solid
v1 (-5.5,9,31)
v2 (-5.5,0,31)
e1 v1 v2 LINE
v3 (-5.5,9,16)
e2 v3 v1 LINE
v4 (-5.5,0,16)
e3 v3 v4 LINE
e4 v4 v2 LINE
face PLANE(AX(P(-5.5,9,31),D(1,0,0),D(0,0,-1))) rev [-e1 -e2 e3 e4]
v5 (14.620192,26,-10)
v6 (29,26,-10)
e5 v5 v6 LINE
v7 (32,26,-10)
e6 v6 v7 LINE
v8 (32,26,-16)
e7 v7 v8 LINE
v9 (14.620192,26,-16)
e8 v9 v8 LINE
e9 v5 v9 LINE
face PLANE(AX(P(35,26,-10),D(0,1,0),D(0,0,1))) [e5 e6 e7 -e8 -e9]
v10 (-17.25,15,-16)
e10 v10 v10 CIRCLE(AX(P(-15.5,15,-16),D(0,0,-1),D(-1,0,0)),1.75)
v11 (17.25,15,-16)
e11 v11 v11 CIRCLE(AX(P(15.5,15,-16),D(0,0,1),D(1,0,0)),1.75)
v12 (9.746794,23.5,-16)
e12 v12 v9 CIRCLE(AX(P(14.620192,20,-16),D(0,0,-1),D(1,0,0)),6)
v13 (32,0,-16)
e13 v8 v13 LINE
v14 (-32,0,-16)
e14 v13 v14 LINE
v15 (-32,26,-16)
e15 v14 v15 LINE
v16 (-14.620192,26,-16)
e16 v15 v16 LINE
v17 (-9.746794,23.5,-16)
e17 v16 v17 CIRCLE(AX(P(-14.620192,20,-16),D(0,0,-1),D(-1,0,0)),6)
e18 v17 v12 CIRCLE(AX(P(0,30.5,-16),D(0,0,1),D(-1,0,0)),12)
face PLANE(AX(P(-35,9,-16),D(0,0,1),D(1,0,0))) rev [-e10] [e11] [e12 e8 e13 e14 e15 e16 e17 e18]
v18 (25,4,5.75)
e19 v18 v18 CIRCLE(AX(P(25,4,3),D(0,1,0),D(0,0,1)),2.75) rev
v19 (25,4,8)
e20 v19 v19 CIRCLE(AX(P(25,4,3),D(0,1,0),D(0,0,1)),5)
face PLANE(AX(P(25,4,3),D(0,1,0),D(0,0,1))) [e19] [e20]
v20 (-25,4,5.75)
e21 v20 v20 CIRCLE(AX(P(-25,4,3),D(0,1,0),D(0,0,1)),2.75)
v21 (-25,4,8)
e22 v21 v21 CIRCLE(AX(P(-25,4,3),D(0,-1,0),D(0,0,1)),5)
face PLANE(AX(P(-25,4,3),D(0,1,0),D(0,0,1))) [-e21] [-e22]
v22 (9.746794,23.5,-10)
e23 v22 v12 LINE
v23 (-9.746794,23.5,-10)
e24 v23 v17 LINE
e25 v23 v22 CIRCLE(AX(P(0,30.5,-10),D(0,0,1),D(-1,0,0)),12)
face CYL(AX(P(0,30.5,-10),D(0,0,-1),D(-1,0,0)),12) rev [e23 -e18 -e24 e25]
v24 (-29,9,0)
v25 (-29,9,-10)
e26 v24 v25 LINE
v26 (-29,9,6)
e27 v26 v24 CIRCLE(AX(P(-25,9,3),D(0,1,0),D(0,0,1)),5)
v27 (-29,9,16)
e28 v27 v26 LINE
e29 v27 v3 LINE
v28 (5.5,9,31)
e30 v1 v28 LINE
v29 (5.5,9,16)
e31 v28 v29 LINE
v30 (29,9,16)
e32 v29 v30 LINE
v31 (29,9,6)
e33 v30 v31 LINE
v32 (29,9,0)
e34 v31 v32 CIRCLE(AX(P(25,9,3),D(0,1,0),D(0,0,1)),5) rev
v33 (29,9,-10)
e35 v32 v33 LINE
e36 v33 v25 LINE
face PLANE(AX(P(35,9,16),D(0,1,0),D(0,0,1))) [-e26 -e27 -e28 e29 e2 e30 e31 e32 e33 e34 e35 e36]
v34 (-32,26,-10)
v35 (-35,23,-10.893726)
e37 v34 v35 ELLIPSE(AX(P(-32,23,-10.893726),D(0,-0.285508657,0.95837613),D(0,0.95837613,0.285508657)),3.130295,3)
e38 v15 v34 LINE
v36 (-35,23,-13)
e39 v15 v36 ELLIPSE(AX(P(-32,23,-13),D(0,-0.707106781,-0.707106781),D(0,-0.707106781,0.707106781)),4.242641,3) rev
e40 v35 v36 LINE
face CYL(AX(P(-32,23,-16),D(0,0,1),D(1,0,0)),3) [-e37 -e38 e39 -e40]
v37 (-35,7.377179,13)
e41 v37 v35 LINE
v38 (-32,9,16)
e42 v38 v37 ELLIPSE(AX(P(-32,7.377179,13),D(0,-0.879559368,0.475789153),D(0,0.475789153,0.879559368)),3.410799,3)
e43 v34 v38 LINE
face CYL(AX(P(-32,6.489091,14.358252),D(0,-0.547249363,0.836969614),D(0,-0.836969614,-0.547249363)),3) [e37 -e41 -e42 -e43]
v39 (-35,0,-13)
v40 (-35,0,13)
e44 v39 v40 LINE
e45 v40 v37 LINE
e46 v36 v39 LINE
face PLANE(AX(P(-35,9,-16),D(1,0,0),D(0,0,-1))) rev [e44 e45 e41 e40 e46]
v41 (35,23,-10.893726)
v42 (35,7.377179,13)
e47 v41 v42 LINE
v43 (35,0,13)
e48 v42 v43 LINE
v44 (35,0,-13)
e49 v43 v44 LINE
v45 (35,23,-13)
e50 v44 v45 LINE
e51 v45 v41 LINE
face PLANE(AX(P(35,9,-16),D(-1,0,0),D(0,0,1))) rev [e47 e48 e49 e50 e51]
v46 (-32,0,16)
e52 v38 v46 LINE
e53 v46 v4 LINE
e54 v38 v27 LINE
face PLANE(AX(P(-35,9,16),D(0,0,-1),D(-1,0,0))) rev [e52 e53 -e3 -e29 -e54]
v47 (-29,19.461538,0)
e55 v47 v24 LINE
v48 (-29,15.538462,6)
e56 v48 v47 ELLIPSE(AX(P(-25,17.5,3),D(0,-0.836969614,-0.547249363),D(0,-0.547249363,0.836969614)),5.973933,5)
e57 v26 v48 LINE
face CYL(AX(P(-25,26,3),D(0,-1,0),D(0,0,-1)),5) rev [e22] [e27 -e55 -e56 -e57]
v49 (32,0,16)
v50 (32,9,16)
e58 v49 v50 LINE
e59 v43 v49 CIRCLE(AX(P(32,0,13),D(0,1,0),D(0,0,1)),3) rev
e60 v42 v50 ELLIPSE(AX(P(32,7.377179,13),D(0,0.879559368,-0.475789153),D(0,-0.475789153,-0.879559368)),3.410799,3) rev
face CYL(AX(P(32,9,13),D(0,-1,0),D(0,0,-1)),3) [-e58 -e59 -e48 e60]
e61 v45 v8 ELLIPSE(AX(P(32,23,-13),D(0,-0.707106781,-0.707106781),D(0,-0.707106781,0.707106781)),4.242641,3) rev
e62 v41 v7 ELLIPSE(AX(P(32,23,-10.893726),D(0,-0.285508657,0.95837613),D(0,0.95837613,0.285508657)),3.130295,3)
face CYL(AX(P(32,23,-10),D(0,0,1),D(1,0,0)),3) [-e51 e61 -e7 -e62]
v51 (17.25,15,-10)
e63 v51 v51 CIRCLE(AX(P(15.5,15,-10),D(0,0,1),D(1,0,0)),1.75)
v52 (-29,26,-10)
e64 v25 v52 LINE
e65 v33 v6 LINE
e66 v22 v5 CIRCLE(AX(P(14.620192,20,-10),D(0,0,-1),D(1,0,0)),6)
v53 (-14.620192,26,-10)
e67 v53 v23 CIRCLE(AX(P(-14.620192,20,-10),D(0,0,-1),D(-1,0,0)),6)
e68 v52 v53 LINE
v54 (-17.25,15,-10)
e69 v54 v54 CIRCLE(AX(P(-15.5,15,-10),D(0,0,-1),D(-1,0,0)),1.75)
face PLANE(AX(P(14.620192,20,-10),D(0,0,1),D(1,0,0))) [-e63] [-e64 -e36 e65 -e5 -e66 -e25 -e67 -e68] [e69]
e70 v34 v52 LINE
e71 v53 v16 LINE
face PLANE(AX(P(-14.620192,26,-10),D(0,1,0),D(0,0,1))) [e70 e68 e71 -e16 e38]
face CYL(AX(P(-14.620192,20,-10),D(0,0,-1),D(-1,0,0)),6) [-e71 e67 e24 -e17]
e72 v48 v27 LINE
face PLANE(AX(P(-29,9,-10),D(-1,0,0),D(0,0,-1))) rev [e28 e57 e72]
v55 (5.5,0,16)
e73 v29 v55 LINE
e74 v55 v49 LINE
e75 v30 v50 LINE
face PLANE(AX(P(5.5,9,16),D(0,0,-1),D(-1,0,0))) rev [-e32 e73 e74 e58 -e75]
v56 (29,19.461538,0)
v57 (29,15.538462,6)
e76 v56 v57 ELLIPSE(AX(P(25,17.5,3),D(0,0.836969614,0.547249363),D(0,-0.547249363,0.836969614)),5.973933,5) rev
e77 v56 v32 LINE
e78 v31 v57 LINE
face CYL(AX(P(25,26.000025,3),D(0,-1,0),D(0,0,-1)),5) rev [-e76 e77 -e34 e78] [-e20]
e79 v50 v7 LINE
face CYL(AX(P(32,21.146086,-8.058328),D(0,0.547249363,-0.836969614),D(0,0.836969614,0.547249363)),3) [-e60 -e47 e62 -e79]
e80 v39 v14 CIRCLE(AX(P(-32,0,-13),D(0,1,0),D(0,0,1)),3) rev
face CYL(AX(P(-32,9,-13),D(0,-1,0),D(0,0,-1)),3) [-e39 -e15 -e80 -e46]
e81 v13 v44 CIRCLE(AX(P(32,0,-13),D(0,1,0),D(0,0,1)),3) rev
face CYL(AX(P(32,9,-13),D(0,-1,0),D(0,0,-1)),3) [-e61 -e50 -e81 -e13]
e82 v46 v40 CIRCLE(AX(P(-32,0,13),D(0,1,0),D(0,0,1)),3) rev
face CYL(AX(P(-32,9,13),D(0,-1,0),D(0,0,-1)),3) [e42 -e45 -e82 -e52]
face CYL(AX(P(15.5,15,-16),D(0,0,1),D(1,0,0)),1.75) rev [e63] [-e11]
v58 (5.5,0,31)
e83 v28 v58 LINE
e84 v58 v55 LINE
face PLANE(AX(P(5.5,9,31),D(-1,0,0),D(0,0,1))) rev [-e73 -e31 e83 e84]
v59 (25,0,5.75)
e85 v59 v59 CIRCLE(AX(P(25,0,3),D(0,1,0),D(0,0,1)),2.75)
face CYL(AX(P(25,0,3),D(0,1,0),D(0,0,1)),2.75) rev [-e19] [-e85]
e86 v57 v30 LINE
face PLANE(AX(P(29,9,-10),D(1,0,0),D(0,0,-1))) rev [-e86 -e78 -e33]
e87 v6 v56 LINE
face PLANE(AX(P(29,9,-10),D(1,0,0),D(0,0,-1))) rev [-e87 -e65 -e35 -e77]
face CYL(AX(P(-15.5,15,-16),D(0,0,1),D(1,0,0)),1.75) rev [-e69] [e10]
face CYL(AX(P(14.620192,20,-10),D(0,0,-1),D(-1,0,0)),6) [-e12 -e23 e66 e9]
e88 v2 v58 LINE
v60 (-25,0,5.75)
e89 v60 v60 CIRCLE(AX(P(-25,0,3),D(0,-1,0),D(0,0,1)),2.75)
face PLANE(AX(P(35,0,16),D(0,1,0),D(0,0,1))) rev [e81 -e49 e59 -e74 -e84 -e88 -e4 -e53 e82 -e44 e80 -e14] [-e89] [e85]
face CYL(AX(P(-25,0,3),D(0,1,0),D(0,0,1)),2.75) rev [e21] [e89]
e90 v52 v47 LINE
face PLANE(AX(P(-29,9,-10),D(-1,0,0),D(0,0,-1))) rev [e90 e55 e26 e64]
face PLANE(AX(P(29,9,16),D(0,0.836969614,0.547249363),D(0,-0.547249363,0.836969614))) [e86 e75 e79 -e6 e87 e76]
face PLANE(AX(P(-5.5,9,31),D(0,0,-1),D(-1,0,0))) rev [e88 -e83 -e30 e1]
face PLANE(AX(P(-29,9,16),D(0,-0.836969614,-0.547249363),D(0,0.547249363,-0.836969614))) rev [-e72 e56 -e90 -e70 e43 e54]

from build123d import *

# Parameters (mm, degrees)
BOSS_EXTRUDE1_DEPTH = 9
BOSS_EXTRUDE2_DEPTH = 6
BOSS_EXTRUDE3_DEPTH = 6
SKETCH4_R           = 2.75
CUT_EXTRUDE1_DEPTH  = 50.749371855
CUT_EXTRUDE2_START  = -5
SKETCH5_R           = 5
CUT_EXTRUDE2_DEPTH  = 55.749371855
SKETCH6_R           = 1.75
CUT_EXTRUDE3_DEPTH  = 60.84981203
FILLET1_R           = 3


with BuildPart() as part:
    # Sketch1 → Boss-Extrude1 (new body)
    with BuildSketch(Plane(origin=(0, 0, 0), x_dir=(1, 0, 0), z_dir=(0, 1, 0))):
        Polygon((5.5, -16), (35, -16), (35, 16), (-35, 16), (-35, -16), (-5.5, -16), (-5.5, -31), (5.5, -31), align=None)
    extrude(amount=BOSS_EXTRUDE1_DEPTH)

    # Sketch2 → Boss-Extrude2 (add)
    with BuildSketch(Plane(origin=(0, 0, -16), x_dir=(-1, 0, 0), z_dir=(0, 0, -1))):
        with BuildLine():
            Line((-35, 9), (35, 9))
            Line((35, 9), (35, 26))
            Line((35, 26), (14.620191517, 26))
            ThreePointArc((14.620191517, 26), (11.88157873, 25.338539126), (9.746794345, 23.5))
            ThreePointArc((9.746794345, 23.5), (0, 18.5), (-9.746794345, 23.5))
            ThreePointArc((-9.746794345, 23.5), (-11.88157873, 25.338539126), (-14.620191517, 26))
            Line((-14.620191517, 26), (-35, 26))
            Line((-35, 26), (-35, 9))
        make_face()
    extrude(amount=-BOSS_EXTRUDE2_DEPTH)

    # Sketch3 → Boss-Extrude3 (add)
    with BuildSketch(Plane(origin=(35, 0, 0), x_dir=(0, 0, -1), z_dir=(1, 0, 0))):
        Polygon((-16, 9), (10, 26), (10, 9), align=None)
    boss_extrude3 = extrude(amount=-BOSS_EXTRUDE3_DEPTH)

    # Sketch4 → Cut-Extrude1 (cut, through all)
    with BuildSketch(Plane(origin=(0, 9, 0), x_dir=(1, 0, 0), z_dir=(0, 1, 0))):
        with Locations(Location((25, -3, 0), (0, 0, 270))):
            Circle(SKETCH4_R)
    cut_extrude1 = extrude(amount=-CUT_EXTRUDE1_DEPTH, mode=Mode.SUBTRACT)

    # Sketch5 → Cut-Extrude2 (cut)
    with BuildSketch(Plane(origin=(0, 9, 0), x_dir=(1, 0, 0), z_dir=(0, 1, 0)).offset(CUT_EXTRUDE2_START)):
        with Locations(Location((25, -3, 0), (0, 0, 36.869897646))):
            Circle(SKETCH5_R)
    cut_extrude2 = extrude(amount=CUT_EXTRUDE2_DEPTH, mode=Mode.SUBTRACT)

    # Sketch6 → Cut-Extrude3 (cut, through all)
    with BuildSketch(Plane.XY.offset(-10)):
        with Locations((15.5, 15)):
            Circle(SKETCH6_R)
    cut_extrude3 = extrude(amount=-CUT_EXTRUDE3_DEPTH, mode=Mode.SUBTRACT)

    # Mirror1: Boss-Extrude3, Cut-Extrude1, Cut-Extrude2, Cut-Extrude3 across plane
    add(boss_extrude3.mirror(Plane(origin=(0, 0, 0), x_dir=(0, 0, 1), z_dir=(1, 0, 0))))
    add(cut_extrude1.mirror(Plane(origin=(0, 0, 0), x_dir=(0, 0, 1), z_dir=(1, 0, 0))), mode=Mode.SUBTRACT)
    add(cut_extrude2.mirror(Plane(origin=(0, 0, 0), x_dir=(0, 0, 1), z_dir=(1, 0, 0))), mode=Mode.SUBTRACT)
    add(cut_extrude3.mirror(Plane(origin=(0, 0, 0), x_dir=(0, 0, 1), z_dir=(1, 0, 0))), mode=Mode.SUBTRACT)

    # Fillet1
    fillet1_edges = [part.edges().sort_by_distance(p)[0] for p in [
        (35, 4.5, 16),
        (-35, 4.5, 16),
        (-35, 13, -16),
        (35, 13, -16),
        (35, 26, -13),
        (-35, 26, -13),
        (35, 17.5, 3),
        (-35, 17.5, 3),
    ]]
    fillet(fillet1_edges, radius=FILLET1_R)


solid = part.part
